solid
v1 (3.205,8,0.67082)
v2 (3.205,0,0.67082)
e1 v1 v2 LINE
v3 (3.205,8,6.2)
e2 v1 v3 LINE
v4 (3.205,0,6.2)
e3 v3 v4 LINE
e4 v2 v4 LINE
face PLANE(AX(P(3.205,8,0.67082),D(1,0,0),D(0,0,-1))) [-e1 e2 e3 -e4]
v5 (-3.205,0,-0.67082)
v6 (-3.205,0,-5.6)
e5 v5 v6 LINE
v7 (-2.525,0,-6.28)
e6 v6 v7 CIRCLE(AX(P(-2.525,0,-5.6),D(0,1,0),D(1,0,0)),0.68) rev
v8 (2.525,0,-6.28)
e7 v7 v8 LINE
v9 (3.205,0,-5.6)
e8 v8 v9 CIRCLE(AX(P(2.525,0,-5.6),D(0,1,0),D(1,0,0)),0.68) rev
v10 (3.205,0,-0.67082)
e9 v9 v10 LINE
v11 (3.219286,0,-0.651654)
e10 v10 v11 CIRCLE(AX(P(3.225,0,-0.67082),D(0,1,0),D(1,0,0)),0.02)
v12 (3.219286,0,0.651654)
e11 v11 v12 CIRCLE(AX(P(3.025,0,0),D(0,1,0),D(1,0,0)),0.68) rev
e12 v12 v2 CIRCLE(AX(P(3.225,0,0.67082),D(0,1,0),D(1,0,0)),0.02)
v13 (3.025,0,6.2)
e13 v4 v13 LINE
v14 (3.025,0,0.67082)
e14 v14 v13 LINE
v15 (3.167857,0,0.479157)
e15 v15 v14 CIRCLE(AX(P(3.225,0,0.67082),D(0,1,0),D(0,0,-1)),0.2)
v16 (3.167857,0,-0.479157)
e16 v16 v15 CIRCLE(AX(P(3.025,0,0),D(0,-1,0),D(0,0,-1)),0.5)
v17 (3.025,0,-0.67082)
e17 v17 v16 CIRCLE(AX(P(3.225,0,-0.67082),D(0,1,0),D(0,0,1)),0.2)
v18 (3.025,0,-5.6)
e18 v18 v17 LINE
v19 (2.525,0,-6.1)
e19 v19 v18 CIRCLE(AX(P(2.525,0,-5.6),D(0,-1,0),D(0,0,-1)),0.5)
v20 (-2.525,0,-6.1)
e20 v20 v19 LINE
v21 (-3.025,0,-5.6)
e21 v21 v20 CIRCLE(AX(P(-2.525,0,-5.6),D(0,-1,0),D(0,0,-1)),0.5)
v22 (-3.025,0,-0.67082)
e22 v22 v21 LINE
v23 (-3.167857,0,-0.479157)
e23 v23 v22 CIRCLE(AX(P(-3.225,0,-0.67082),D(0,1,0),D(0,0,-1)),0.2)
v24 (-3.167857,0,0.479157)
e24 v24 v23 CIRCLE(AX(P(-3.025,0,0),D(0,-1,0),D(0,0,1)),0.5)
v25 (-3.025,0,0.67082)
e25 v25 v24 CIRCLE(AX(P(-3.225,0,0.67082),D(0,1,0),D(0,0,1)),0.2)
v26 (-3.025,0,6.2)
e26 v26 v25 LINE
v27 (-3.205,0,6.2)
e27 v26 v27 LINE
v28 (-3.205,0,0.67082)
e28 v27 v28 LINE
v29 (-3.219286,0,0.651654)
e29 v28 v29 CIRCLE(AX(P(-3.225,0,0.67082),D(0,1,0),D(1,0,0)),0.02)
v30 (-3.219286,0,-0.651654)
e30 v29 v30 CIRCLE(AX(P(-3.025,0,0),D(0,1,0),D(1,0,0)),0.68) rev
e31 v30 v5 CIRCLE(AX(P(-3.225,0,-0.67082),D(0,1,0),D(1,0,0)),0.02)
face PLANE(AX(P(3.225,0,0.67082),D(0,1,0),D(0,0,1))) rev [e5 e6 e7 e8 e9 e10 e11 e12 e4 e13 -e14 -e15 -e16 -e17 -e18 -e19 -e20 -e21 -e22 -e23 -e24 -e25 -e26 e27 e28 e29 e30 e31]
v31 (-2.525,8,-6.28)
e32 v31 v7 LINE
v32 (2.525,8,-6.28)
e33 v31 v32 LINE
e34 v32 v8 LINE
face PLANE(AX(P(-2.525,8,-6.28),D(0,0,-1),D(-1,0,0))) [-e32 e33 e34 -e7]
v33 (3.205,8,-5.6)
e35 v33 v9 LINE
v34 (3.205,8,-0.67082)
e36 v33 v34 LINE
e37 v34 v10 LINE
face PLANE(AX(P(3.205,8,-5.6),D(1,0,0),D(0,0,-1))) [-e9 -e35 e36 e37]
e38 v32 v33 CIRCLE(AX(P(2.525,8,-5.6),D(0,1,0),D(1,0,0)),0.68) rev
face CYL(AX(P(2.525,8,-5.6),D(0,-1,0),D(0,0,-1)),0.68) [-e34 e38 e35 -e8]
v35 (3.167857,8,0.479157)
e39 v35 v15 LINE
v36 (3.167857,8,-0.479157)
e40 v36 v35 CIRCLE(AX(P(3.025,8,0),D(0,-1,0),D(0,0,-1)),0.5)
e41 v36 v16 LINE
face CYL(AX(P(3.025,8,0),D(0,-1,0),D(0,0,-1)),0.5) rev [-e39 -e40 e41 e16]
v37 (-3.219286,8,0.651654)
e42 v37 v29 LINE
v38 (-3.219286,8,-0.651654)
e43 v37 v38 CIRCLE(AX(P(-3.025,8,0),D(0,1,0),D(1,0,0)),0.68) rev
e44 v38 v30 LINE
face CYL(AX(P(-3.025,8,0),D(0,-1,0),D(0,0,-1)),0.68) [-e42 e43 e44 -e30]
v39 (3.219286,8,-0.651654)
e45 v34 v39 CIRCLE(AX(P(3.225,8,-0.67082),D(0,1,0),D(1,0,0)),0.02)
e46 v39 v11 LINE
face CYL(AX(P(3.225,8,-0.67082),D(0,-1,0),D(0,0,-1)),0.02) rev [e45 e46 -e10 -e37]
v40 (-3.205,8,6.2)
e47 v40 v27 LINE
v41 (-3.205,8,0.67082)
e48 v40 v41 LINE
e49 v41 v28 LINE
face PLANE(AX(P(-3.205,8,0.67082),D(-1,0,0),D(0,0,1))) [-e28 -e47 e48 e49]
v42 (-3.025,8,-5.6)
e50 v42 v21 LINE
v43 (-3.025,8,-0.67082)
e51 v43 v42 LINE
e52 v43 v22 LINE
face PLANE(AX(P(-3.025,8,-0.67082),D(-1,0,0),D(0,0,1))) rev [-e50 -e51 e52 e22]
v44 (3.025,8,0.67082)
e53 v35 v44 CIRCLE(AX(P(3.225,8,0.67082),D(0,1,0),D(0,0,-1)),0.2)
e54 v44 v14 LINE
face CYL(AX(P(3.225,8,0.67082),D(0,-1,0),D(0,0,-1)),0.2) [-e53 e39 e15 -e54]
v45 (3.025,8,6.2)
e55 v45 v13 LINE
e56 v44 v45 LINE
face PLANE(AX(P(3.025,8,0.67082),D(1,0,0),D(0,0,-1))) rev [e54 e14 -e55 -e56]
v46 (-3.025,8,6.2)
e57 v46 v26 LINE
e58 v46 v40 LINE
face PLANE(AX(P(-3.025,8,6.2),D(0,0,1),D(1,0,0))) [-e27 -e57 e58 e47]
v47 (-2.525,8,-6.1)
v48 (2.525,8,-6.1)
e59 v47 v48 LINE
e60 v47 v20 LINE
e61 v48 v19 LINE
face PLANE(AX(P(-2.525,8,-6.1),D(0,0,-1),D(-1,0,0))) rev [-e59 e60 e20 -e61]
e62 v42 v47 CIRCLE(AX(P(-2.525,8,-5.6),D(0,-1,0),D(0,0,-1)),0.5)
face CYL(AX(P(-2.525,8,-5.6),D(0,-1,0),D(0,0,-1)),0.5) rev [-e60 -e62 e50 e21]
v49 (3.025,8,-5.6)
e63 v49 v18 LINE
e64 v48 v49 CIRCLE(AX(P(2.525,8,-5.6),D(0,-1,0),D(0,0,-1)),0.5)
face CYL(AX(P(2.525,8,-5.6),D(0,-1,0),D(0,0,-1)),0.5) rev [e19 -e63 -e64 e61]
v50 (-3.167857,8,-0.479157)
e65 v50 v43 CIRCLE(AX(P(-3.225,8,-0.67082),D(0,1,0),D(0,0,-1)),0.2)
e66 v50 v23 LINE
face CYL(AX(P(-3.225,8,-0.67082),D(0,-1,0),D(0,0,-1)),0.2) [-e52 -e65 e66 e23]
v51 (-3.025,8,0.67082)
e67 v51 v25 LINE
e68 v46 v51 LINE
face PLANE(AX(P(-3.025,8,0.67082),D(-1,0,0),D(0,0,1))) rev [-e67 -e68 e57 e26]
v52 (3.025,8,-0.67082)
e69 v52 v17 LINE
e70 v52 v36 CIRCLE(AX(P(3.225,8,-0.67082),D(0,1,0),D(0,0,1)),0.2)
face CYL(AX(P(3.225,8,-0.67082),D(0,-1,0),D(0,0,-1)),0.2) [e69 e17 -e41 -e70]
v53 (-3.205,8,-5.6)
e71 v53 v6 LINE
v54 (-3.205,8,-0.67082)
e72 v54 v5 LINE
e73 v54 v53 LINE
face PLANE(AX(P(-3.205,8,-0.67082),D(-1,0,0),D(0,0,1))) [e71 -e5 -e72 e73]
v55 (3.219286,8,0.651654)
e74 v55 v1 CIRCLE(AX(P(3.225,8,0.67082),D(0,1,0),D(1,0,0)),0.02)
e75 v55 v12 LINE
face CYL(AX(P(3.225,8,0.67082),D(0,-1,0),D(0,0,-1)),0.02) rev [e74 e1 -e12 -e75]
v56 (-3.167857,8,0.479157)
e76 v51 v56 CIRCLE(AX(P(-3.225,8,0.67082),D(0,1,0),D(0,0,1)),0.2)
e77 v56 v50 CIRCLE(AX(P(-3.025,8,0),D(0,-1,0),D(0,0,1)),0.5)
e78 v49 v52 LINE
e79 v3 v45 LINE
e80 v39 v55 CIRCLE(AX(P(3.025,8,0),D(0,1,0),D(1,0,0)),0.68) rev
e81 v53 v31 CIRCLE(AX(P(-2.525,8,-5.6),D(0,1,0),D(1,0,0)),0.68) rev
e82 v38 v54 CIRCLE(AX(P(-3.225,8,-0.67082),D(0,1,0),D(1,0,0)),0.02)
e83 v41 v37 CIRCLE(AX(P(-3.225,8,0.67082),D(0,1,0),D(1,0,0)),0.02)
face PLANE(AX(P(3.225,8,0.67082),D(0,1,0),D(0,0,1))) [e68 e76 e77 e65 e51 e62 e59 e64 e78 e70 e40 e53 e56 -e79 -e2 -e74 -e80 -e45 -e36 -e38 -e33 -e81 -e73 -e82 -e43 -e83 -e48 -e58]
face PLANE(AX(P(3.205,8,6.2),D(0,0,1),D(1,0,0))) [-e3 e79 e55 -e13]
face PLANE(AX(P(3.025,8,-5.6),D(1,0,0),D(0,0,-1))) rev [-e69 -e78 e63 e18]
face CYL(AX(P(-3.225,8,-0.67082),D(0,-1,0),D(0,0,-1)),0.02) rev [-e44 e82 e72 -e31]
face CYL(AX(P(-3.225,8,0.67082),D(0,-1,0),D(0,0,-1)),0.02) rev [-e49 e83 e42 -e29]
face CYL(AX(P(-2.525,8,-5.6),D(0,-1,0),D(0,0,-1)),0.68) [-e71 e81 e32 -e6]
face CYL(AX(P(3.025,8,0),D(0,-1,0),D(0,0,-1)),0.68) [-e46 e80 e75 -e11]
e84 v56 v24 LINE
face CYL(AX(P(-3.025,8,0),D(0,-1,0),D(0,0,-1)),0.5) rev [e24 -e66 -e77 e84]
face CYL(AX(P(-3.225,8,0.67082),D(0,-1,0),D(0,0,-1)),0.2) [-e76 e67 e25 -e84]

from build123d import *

# Parameters (mm, degrees)
EXTRUDE_THIN1_DEPTH = 8


with BuildPart() as part:
    # Sketch1 → Extrude-Thin1 (new body)
    with BuildSketch(Plane(origin=(0, 0, 0), x_dir=(1, 0, 0), z_dir=(0, 1, 0))):
        with BuildLine():
            Line((-3.025, -6.2), (-3.025, -0.670820393))
            ThreePointArc((-3.025, -0.670820393), (-3.064643255, -0.551297532), (-3.167857143, -0.479157424))
            ThreePointArc((-3.167857143, -0.479157424), (-3.525, 0), (-3.167857143, 0.479157424))
            ThreePointArc((-3.167857143, 0.479157424), (-3.064643255, 0.551297532), (-3.025, 0.670820393))
            Line((-3.025, 0.670820393), (-3.025, 5.6))
            ThreePointArc((-3.025, 5.6), (-2.878553391, 5.953553391), (-2.525, 6.1))
            Line((-2.525, 6.1), (2.525, 6.1))
            ThreePointArc((2.525, 6.1), (2.878553391, 5.953553391), (3.025, 5.6))
            Line((3.025, 5.6), (3.025, 0.670820393))
            ThreePointArc((3.025, 0.670820393), (3.064643255, 0.551297532), (3.167857143, 0.479157424))
            ThreePointArc((3.167857143, 0.479157424), (3.525, 0), (3.167857143, -0.479157424))
            ThreePointArc((3.167857143, -0.479157424), (3.064643255, -0.551297532), (3.025, -0.670820393))
            Line((3.025, -0.670820393), (3.025, -6.2))
            Line((3.025, -6.2), (3.205, -6.2))
            Line((3.205, -6.2), (3.205, -0.670820393))
            ThreePointArc((3.205, -0.670820393), (3.208964325, -0.658868107), (3.219285714, -0.651654096))
            ThreePointArc((3.219285714, -0.651654096), (3.705, 0), (3.219285714, 0.651654096))
            ThreePointArc((3.219285714, 0.651654096), (3.208964325, 0.658868107), (3.205, 0.670820393))
            Line((3.205, 0.670820393), (3.205, 5.6))
            ThreePointArc((3.205, 5.6), (3.005832611, 6.080832611), (2.525, 6.28))
            Line((2.525, 6.28), (-2.525, 6.28))
            ThreePointArc((-2.525, 6.28), (-3.005832611, 6.080832611), (-3.205, 5.6))
            Line((-3.205, 5.6), (-3.205, 0.670820393))
            ThreePointArc((-3.205, 0.670820393), (-3.208964325, 0.658868107), (-3.219285714, 0.651654096))
            ThreePointArc((-3.219285714, 0.651654096), (-3.705, 0), (-3.219285714, -0.651654096))
            ThreePointArc((-3.219285714, -0.651654096), (-3.208964325, -0.658868107), (-3.205, -0.670820393))
            Line((-3.205, -0.670820393), (-3.205, -6.2))
            Line((-3.205, -6.2), (-3.025, -6.2))
        make_face()
    extrude(amount=EXTRUDE_THIN1_DEPTH)


solid = part.part
